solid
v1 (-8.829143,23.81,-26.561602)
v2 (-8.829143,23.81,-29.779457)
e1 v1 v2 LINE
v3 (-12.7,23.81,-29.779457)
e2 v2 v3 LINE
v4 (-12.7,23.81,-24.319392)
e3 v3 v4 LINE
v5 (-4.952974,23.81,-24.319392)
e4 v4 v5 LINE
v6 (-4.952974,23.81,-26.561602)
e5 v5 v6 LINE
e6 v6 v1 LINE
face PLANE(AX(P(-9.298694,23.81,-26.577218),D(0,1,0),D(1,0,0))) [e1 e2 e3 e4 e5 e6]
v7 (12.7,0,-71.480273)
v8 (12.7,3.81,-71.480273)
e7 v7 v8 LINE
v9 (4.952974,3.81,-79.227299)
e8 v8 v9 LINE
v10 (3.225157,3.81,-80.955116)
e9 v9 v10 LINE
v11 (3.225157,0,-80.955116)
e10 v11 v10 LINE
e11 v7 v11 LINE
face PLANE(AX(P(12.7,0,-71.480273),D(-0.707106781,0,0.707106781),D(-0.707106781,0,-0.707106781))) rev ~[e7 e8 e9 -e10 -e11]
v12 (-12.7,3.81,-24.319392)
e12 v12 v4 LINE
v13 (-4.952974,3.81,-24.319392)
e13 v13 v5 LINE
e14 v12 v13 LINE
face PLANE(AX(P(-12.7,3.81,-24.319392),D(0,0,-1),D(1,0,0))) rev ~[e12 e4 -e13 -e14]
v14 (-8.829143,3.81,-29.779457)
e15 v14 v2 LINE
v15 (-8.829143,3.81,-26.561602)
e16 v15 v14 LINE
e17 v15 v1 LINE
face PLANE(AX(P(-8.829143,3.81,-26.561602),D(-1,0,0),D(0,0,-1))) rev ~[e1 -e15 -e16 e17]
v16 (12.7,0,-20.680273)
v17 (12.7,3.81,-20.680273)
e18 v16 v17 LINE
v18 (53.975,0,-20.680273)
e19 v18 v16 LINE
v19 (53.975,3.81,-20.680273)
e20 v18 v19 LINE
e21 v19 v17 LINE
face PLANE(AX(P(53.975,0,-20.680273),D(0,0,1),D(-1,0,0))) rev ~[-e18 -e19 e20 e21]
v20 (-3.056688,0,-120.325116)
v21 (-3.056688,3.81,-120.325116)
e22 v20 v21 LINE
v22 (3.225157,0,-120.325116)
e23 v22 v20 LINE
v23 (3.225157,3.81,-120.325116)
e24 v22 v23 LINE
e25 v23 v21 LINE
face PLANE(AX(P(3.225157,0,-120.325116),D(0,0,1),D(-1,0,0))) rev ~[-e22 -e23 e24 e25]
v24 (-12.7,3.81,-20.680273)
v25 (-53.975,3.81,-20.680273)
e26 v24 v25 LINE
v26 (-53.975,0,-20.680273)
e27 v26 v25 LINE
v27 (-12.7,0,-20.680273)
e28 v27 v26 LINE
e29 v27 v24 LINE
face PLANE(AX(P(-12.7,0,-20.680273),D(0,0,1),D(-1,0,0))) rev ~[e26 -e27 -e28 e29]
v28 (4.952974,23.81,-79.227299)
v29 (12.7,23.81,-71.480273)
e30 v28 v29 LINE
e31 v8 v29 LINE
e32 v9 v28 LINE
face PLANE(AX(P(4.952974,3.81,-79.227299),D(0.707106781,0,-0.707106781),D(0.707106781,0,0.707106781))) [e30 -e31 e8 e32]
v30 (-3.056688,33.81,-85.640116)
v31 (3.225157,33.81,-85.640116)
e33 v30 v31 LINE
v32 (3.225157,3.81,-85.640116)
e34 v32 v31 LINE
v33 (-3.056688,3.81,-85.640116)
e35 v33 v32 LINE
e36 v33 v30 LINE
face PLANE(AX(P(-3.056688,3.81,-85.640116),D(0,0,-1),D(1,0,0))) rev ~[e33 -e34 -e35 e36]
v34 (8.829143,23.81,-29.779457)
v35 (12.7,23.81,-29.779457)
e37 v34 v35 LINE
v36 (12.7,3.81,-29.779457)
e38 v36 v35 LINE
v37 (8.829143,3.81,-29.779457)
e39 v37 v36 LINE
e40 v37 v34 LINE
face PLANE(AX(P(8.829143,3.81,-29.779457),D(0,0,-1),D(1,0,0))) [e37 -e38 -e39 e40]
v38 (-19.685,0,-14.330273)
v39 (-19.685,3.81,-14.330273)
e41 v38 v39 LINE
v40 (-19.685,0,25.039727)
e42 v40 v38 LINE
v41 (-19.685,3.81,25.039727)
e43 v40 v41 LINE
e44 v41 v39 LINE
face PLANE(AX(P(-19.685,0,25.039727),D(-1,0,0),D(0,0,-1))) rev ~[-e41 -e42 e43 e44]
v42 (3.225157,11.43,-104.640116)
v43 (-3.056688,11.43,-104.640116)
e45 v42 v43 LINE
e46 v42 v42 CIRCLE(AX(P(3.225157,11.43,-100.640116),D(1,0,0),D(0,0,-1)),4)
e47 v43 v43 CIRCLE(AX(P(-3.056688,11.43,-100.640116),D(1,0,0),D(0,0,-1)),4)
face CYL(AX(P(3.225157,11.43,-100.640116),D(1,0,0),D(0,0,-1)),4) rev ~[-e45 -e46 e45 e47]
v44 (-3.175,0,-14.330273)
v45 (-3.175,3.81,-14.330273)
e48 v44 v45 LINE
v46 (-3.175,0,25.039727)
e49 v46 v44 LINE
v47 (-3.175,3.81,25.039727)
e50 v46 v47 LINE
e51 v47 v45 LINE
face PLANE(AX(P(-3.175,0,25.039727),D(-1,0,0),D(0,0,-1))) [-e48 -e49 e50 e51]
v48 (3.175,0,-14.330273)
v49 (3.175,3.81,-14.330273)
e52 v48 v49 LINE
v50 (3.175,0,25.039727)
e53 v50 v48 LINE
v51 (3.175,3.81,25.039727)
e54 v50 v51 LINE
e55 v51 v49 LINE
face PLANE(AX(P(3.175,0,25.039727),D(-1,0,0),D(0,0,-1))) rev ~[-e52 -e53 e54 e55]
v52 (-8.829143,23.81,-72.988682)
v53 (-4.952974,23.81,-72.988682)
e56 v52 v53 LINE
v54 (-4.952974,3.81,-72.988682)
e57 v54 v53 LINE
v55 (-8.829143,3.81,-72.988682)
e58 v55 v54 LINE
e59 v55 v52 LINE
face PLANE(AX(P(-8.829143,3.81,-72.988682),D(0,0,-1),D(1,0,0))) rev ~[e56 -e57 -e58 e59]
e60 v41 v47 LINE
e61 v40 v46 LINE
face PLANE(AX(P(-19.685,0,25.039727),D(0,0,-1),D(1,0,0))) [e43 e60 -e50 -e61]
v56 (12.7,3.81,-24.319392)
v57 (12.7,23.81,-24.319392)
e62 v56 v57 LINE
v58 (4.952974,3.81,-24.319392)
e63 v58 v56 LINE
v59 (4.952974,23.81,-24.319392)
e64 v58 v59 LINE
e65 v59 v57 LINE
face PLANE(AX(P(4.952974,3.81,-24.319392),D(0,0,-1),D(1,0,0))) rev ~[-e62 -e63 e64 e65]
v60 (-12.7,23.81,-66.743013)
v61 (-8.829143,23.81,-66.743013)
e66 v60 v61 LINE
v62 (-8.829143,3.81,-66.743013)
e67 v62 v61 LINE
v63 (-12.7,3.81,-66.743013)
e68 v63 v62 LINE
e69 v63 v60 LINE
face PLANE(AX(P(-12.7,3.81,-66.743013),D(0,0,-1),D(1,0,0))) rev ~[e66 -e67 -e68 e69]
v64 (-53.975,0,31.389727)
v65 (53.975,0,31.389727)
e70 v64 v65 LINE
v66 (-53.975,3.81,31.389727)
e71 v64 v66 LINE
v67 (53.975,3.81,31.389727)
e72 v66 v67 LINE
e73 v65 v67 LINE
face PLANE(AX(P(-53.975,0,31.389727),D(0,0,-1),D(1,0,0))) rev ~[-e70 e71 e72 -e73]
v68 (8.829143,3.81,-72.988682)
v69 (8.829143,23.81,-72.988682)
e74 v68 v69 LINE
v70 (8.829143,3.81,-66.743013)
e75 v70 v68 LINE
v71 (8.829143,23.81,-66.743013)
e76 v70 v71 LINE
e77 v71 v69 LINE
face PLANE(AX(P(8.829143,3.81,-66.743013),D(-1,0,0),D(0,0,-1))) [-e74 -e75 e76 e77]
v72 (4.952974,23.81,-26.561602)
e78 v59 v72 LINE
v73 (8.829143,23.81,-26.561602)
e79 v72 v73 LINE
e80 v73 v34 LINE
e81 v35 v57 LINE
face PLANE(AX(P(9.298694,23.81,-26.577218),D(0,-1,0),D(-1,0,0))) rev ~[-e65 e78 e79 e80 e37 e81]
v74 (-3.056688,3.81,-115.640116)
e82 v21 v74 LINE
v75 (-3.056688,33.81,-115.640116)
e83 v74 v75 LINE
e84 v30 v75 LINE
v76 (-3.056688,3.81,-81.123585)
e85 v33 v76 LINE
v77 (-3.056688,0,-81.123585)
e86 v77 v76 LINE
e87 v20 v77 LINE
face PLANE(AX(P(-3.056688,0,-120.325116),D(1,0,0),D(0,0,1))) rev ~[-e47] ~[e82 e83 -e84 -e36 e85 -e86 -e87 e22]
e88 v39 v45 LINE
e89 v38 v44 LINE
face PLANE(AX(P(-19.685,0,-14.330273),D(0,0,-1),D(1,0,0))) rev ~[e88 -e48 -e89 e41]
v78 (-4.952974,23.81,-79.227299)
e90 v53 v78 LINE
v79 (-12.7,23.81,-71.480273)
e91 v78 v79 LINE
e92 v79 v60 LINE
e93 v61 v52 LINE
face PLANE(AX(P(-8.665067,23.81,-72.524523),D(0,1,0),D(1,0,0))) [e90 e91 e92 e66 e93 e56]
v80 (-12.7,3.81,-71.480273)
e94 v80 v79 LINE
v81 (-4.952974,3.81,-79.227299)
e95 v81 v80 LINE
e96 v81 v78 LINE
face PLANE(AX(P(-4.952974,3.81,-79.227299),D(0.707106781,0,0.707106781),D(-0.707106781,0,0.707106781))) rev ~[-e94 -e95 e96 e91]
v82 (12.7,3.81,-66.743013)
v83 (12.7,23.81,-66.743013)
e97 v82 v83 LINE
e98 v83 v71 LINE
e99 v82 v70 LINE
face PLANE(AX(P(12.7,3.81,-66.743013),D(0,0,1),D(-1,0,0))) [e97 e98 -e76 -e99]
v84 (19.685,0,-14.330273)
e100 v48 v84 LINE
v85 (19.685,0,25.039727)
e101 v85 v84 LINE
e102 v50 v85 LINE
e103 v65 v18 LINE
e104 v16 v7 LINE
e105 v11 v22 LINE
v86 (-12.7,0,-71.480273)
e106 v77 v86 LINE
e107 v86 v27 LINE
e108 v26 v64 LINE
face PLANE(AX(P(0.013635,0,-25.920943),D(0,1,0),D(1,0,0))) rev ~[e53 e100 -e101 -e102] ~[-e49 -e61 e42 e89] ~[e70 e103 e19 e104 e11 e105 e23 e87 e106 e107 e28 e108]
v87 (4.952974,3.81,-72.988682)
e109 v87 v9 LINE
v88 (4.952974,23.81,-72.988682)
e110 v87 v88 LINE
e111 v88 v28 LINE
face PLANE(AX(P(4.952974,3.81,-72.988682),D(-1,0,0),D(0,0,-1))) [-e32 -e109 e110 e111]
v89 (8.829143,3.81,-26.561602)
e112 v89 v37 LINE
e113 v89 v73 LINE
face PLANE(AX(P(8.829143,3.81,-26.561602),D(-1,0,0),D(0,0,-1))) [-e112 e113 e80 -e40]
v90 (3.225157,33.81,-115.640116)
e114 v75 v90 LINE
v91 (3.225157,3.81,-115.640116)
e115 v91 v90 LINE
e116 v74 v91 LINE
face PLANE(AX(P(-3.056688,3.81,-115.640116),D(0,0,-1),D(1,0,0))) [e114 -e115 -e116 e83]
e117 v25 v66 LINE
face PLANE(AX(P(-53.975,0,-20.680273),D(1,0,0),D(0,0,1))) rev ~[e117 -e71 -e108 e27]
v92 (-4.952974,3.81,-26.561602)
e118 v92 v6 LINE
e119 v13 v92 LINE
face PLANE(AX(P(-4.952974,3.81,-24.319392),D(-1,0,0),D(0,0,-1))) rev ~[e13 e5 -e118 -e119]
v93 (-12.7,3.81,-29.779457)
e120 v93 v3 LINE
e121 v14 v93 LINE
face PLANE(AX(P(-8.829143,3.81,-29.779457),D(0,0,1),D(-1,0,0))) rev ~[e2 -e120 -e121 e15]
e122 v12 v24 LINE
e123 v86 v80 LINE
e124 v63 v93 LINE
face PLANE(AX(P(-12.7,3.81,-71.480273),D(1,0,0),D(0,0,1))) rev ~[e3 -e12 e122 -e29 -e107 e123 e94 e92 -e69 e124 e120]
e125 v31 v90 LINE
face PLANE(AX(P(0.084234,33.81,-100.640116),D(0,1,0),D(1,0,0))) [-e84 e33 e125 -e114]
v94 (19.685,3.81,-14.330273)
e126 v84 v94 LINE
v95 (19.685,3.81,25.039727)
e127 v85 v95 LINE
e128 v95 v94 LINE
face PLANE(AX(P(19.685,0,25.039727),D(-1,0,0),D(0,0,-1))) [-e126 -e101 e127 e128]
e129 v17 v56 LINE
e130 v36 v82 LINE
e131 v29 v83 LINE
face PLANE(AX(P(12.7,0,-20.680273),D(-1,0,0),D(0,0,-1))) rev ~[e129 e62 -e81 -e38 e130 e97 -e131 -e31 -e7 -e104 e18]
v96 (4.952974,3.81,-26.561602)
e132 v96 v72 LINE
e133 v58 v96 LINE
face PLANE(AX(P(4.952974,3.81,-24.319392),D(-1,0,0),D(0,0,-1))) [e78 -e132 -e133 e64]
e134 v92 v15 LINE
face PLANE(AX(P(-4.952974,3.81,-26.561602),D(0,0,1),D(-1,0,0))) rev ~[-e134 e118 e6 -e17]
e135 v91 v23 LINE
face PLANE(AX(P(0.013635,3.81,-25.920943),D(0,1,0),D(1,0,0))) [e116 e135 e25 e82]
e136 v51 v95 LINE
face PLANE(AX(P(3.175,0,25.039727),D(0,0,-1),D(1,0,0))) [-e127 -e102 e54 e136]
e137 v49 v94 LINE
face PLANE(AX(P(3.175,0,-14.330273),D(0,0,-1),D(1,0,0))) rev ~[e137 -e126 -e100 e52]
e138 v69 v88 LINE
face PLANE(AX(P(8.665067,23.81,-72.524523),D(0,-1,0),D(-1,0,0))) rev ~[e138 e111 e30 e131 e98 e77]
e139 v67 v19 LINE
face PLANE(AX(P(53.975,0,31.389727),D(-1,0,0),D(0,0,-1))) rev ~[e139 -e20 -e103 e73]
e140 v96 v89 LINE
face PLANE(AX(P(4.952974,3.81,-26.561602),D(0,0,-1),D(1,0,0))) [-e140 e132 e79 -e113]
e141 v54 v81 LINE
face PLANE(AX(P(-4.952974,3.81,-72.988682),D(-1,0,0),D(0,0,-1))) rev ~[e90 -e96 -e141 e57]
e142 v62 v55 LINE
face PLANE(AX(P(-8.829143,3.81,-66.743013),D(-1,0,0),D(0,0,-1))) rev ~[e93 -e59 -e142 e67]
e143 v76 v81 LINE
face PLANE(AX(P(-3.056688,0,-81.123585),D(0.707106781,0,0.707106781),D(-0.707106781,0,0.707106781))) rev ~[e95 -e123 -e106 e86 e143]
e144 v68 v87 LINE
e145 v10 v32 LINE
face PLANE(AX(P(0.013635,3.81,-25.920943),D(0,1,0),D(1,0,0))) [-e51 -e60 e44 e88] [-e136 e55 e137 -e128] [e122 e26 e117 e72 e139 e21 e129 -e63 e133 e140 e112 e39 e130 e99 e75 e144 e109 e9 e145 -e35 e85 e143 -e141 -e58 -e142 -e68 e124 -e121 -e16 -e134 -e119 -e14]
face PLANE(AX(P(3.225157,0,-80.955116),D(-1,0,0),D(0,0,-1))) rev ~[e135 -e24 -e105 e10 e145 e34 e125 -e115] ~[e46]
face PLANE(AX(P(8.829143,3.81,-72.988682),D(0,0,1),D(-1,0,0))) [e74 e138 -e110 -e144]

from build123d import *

# Parameters (mm, degrees)
SKETCH1_W           = 16.51
SKETCH1_H           = 39.37
BOSS_EXTRUDE1_DEPTH = 3.81
SKETCH2_W           = 6.281845558
SKETCH2_H           = 29.999999944
BOSS_EXTRUDE2_DEPTH = 30
CUT_EXTRUDE1_REACH  = 59.2
SKETCH3_R           = 4
BOSS_EXTRUDE3_DEPTH = 20


with BuildPart() as part:
    # Sketch1 → Boss-Extrude1 (new body)
    with BuildSketch(Plane(origin=(0, 0, 0), x_dir=(1, 0, 0), z_dir=(0, 1, 0))):
        Polygon((-53.975, 20.680273282), (-53.975, -31.389726718), (53.975, -31.389726718), (53.975, 20.680273282), (12.7, 20.680273282), (12.7, 71.480273282), (3.225157137, 80.955116145), (3.225157137, 120.325116145), (-3.056688421, 120.325116145), (-3.056688421, 81.123584861), (-12.7, 71.480273282), (-12.7, 20.680273282), align=None)
        with Locations((-11.43, -5.354726718)):
            Rectangle(SKETCH1_W, SKETCH1_H, mode=Mode.SUBTRACT)
        with Locations((11.43, -5.354726718)):
            Rectangle(SKETCH1_W, SKETCH1_H, mode=Mode.SUBTRACT)
    extrude(amount=BOSS_EXTRUDE1_DEPTH)

    # Sketch2 → Boss-Extrude2 (add)
    with BuildSketch(Plane(origin=(0, 3.81, 0), x_dir=(1, 0, 0), z_dir=(0, 1, 0))):
        with Locations((0.084234358, 100.640116145)):
            Rectangle(SKETCH2_W, SKETCH2_H)
    extrude(amount=BOSS_EXTRUDE2_DEPTH)

    # Sketch3 → Cut-Extrude1 (cut, up to next)
    with BuildSketch(Plane(origin=(3.225157137, 0, 0), x_dir=(0, 0, -1), z_dir=(1, 0, 0)), mode=Mode.PRIVATE) as cut_extrude1_sk1:
        with Locations((100.640116145, 11.43)):
            Circle(SKETCH3_R)
    cut_extrude1_tool1 = extrude(cut_extrude1_sk1.sketch, amount=-CUT_EXTRUDE1_REACH, mode=Mode.PRIVATE) & part.part
    add(cut_extrude1_tool1.solids().sort_by_distance((3.225157, 11.43, -100.640116))[0], mode=Mode.SUBTRACT)

    # Sketch6 → Boss-Extrude3 (add)
    with BuildSketch(Plane(origin=(0, 3.81, 0), x_dir=(1, 0, 0), z_dir=(0, 1, 0))):
        Polygon((-8.128, 24.319391954), (-4.952973996, 24.319391954), (-4.952973996, 26.561602149), (-8.829142948, 26.561602149), (-8.829142948, 29.779456866), (-12.7, 29.779456866), (-12.7, 24.319391954), align=None)
        Polygon((12.7, 24.319391954), (8.128, 24.319391954), (4.952973996, 24.319391954), (4.952973996, 26.561602149), (8.829142948, 26.561602149), (8.829142948, 29.779456866), (12.7, 29.779456866), align=None)
        Polygon((-4.952973996, 79.227299287), (-12.7, 71.480273282), (-12.7, 66.743012955), (-8.829142948, 66.743012955), (-8.829142948, 72.988681503), (-4.952973996, 72.988681503), align=None)
        Polygon((4.952973996, 72.988681503), (4.952973996, 79.227299287), (12.7, 71.480273282), (12.7, 66.743012955), (8.829142948, 66.743012955), (8.829142948, 72.988681503), align=None)
    extrude(amount=BOSS_EXTRUDE3_DEPTH)


solid = part.part
